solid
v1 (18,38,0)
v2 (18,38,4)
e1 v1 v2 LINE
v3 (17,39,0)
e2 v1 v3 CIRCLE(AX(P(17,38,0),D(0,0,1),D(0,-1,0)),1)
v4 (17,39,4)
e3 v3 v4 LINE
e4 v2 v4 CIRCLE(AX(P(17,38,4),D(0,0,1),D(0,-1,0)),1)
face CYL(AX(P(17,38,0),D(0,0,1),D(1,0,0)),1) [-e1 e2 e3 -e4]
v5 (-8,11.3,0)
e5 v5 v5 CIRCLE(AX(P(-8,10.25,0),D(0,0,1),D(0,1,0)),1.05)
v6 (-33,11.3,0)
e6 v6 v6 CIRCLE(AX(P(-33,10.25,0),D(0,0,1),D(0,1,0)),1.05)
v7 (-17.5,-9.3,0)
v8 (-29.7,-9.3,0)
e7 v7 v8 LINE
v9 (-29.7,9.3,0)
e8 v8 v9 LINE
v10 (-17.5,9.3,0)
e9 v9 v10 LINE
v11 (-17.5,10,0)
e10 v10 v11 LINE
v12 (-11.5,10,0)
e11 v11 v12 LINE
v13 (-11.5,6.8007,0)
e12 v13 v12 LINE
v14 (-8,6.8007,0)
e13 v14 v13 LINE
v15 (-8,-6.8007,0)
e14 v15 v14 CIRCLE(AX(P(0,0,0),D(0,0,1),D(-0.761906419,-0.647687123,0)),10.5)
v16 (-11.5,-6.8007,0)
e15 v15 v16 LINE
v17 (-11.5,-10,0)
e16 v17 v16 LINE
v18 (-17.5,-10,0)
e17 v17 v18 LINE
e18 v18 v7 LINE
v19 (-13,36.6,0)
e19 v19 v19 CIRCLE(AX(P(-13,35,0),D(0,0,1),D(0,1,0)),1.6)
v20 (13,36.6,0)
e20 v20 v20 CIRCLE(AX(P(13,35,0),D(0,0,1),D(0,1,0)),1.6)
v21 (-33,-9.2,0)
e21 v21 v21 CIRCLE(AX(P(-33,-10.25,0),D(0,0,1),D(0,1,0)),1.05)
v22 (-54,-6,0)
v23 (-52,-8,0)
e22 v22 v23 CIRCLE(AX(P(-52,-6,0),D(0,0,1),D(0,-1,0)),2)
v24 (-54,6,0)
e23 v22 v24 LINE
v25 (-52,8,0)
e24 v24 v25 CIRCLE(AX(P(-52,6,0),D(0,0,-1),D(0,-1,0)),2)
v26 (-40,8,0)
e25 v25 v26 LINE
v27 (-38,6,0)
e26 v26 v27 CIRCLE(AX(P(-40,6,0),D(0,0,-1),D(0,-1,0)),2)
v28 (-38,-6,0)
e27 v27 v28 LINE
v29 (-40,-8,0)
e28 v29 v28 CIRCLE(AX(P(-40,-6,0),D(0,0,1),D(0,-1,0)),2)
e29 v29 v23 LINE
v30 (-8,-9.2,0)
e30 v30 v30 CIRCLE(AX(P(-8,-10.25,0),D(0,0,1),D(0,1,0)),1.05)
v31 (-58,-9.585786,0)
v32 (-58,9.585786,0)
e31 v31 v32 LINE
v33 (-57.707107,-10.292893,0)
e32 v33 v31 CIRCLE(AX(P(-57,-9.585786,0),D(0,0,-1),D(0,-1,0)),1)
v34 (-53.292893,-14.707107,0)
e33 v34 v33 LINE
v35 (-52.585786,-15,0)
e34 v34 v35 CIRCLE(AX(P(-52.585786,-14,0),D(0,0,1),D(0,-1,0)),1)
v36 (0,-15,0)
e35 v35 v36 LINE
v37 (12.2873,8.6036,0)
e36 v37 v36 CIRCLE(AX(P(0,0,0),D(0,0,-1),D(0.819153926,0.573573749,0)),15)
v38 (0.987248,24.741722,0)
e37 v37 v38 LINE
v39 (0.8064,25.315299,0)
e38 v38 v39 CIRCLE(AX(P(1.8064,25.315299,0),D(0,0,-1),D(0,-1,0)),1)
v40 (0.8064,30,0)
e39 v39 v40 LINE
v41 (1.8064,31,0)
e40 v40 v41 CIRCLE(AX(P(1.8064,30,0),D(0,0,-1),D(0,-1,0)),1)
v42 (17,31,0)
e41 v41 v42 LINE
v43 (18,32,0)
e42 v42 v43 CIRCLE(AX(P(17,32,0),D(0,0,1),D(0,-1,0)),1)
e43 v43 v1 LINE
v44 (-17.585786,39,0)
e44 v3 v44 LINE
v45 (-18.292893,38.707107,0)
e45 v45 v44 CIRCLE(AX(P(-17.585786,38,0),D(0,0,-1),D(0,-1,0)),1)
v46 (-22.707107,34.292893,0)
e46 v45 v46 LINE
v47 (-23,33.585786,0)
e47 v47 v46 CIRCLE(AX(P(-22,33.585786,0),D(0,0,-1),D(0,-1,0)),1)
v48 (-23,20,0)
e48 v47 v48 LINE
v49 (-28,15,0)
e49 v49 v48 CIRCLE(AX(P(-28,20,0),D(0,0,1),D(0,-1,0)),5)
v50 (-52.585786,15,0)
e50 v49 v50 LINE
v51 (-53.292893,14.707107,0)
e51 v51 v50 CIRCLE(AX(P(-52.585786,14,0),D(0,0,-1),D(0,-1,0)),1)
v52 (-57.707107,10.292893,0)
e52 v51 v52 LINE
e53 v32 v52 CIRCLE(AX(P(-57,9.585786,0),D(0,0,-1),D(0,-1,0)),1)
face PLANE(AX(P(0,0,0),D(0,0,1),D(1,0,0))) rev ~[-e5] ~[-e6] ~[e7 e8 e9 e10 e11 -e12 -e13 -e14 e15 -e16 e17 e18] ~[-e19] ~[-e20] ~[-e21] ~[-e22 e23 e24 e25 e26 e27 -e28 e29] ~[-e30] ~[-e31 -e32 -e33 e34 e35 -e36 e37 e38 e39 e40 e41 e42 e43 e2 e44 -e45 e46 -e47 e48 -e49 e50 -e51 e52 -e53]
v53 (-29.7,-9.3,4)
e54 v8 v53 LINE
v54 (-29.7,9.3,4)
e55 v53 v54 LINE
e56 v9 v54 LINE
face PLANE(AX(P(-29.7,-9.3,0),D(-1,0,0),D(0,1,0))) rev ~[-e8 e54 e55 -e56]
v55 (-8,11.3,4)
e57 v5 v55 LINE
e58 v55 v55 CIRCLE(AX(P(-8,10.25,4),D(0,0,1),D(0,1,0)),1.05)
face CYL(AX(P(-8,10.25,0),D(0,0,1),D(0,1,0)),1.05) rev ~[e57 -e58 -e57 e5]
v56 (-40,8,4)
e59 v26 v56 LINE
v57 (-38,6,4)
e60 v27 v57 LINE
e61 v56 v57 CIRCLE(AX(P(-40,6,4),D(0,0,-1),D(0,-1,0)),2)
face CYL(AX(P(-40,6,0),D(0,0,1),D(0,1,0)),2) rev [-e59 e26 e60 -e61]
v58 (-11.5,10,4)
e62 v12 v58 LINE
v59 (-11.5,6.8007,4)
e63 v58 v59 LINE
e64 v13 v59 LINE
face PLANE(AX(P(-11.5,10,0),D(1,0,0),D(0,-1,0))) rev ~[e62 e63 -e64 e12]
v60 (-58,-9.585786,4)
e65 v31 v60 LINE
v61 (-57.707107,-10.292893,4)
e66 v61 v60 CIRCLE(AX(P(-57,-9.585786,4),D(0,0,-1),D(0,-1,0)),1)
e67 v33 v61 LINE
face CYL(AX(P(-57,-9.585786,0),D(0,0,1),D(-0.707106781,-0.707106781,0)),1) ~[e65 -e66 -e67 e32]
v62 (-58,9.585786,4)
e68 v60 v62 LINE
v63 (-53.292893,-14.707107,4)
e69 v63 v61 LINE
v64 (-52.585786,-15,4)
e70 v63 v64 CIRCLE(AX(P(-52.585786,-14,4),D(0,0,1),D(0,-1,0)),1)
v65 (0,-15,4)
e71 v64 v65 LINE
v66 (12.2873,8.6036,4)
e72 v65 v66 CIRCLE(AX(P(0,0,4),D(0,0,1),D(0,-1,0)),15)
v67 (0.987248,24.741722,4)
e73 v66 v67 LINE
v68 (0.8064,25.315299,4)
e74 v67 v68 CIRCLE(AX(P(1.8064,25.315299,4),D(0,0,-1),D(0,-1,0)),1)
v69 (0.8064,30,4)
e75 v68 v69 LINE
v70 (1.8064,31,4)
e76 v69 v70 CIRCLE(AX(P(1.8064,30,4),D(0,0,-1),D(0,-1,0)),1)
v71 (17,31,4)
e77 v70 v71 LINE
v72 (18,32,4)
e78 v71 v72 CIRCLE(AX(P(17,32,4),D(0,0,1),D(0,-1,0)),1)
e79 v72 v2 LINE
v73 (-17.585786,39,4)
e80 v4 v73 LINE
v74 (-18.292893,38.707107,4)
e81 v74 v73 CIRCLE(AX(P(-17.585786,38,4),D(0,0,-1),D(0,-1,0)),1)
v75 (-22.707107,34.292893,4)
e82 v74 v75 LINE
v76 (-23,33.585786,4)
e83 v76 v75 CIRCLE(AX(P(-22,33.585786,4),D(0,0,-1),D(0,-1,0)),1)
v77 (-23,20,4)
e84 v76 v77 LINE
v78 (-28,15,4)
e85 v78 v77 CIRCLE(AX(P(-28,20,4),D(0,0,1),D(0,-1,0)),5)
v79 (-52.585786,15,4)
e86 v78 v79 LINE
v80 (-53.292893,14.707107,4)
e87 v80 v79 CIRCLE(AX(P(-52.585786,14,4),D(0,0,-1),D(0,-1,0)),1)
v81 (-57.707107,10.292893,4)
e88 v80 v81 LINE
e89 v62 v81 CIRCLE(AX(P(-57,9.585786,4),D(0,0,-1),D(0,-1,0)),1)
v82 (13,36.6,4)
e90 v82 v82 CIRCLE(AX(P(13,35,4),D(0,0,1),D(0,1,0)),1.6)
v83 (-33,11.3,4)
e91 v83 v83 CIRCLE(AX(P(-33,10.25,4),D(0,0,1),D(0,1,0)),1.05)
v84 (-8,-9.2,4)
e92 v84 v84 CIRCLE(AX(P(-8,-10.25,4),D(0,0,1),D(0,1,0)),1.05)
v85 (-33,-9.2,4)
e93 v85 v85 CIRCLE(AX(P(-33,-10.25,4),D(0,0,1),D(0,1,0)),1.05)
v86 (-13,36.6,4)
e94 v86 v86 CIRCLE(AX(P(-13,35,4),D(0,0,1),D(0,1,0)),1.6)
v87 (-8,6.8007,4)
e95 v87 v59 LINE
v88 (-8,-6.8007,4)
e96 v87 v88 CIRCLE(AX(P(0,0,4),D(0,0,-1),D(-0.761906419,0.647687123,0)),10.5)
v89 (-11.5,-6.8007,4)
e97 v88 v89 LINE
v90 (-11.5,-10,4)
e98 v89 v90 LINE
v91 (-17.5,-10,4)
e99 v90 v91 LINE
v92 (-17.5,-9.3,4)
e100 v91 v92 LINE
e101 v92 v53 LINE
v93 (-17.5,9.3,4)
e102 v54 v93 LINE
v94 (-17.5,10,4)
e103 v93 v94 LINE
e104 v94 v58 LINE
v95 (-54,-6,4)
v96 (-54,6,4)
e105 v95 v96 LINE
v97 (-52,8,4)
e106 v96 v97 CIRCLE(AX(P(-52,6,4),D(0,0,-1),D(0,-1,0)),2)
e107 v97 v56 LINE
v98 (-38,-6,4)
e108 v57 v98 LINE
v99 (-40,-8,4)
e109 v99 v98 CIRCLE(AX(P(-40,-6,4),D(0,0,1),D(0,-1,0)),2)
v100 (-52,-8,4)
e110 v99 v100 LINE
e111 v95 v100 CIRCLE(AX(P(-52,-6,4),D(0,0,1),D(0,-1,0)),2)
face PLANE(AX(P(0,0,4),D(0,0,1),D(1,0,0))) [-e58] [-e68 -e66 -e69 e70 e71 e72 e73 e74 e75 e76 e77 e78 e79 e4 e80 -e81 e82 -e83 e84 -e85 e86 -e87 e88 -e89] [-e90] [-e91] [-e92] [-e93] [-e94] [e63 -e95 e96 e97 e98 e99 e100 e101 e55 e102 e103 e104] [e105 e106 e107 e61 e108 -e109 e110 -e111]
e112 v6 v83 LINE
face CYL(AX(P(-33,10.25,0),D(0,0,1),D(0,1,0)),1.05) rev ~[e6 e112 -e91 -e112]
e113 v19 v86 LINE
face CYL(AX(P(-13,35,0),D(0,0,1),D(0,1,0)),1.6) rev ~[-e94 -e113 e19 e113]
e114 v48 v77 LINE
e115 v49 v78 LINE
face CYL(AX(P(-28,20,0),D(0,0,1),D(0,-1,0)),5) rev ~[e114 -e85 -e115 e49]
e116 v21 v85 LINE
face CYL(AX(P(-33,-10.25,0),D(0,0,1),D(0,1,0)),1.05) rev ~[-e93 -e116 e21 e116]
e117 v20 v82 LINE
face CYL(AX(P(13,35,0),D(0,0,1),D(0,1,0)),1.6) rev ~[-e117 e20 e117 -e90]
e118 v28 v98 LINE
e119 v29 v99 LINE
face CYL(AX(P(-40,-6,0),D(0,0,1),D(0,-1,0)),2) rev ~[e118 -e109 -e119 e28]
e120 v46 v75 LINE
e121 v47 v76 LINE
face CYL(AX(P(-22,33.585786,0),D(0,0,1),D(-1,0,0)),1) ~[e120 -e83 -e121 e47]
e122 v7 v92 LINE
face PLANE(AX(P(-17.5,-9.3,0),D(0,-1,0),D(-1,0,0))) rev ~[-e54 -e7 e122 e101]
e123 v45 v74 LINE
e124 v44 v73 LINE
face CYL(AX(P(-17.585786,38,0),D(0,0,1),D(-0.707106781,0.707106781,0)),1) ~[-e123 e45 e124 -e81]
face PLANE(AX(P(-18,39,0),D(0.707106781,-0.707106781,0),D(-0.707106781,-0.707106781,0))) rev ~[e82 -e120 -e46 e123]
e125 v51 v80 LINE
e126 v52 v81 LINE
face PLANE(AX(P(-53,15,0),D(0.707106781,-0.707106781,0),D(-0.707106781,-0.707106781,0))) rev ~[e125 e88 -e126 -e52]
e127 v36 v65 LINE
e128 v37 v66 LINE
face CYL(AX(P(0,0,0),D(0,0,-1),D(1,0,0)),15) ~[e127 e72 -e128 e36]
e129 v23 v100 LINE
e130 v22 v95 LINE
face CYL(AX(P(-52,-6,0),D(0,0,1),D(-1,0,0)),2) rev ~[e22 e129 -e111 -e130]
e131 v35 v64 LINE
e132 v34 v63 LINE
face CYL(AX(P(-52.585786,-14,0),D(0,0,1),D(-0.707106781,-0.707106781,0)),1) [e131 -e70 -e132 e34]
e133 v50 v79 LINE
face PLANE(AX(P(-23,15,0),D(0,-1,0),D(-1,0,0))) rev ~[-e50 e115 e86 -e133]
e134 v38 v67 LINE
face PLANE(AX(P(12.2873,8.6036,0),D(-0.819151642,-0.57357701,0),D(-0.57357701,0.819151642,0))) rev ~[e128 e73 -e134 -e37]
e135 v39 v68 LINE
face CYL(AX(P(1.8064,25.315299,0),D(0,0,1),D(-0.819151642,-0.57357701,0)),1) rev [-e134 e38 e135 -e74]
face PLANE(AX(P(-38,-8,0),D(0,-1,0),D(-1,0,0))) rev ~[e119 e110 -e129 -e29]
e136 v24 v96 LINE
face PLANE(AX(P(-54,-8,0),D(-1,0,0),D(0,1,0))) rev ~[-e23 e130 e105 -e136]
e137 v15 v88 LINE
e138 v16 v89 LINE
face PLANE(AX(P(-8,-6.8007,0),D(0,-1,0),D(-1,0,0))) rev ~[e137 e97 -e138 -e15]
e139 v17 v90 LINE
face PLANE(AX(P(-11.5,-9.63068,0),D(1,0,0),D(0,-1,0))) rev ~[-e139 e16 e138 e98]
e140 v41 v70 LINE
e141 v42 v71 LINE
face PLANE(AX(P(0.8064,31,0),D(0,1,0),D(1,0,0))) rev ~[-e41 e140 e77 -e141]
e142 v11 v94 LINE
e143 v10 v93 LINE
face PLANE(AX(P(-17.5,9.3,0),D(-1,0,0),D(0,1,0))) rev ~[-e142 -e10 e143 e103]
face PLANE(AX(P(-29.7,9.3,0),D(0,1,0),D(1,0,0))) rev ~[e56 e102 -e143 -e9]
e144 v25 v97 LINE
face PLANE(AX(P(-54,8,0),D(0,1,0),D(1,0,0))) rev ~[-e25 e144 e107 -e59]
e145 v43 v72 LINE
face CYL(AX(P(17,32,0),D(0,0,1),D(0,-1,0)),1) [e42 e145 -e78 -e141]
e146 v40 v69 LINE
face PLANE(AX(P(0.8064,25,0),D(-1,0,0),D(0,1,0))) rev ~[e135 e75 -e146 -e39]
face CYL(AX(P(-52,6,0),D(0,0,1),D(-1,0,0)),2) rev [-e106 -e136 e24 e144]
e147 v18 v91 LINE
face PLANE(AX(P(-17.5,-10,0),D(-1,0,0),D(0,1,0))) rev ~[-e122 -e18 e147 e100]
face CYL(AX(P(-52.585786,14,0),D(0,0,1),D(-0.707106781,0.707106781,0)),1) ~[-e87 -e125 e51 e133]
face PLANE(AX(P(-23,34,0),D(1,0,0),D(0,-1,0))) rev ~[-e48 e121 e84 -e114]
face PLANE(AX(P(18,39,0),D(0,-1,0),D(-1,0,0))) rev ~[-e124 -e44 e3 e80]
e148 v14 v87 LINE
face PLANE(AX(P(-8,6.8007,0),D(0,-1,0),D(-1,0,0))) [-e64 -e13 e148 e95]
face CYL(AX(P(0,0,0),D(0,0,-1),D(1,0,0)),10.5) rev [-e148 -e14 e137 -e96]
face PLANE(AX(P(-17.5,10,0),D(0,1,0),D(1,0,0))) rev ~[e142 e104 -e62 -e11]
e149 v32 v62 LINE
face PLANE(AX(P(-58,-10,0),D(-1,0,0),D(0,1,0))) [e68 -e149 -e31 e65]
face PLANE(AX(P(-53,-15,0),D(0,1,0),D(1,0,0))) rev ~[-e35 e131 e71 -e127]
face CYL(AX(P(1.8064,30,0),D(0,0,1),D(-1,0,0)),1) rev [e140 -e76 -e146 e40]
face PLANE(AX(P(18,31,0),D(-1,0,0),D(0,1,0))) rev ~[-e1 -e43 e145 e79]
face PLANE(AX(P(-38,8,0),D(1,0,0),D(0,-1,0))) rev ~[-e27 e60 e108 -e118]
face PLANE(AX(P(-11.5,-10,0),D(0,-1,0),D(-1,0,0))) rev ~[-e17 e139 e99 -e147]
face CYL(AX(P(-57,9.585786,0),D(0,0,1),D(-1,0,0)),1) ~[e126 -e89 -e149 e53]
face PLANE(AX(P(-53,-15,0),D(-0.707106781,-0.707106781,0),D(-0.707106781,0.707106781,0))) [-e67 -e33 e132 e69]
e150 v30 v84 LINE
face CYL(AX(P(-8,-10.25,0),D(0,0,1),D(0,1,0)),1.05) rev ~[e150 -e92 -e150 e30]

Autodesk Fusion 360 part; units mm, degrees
sketch "スケッチ1" plane through (0, 0, 0) normal (0, 0, 1) x (1, 0, 0)
  line L0 (-53, -15) -> (0, -15)
  circle A0 centre (0, 0) radius 15
  line L1 (12.2873, 8.6036) -> (0.8064, 25)
  circle A1 centre (0, 0) radius 10.5
  line L2 (-33, 10.25) -> (-8, 10.25)
  line L3 (-8, 10.25) -> (-8, -10.25)
  line L4 (-8, -10.25) -> (-33, -10.25)
  line L5 (-33, -10.25) -> (-33, 10.25)
  line L6 (-13, 35) -> (13, 35)
  line L7 (-53, -15) -> (-58, -10)
  line L8 (-58, -10) -> (-58, 10)
  line L9 (-54, 8) -> (-38, 8)
  line L10 (-38, 8) -> (-38, -8)
  line L11 (-38, -8) -> (-54, -8)
  line L12 (-54, -8) -> (-54, 8)
  line L13 (-23, 15) -> (-53, 15)
  line L14 (-53, 15) -> (-58, 10)
  line L15 (-11.5, 10) -> (-11.5, -10)
  line L16 (-11.5, -10) -> (-17.5, -10)
  line L17 (-17.5, -10) -> (-17.5, -9.3)
  line L18 (-17.5, -9.3) -> (-29.7, -9.3)
  line L19 (-29.7, -9.3) -> (-29.7, 9.3)
  line L20 (-29.7, 9.3) -> (-17.5, 9.3)
  line L21 (-17.5, 9.3) -> (-17.5, 10)
  line L22 (-17.5, 10) -> (-11.5, 10)
  line L23 (-8, 6.8007) -> (-11.5, 6.8007)
  line L24 (-8, -6.8007) -> (-11.5, -6.8007)
  line L25 (0.8064, 25) -> (0.8064, 31)
  line L26 (0.8064, 31) -> (18, 31)
  line L27 (18, 31) -> (18, 39)
  line L28 (18, 39) -> (-18, 39)
  line L29 (-18, 39) -> (-23, 34)
  line L30 (-23, 34) -> (-23, 15)
  point P0 (-8, 0)
  point P1 (-11.5, 0)
  point P2 (-29.7, 0)
  point P3 (18, 35)
  dimension "d1" = 30
  dimension "d2" = 55
  dimension "d3" = 53
  dimension "d6" = 21
  dimension "d7" = 8
  dimension "d8" = 25
  dimension "d9" = 20.5
  dimension "d28" = 26
  dimension "d35" = 5
  dimension "d36" = 5
  dimension "d42" = 16
  dimension "d43" = 4
  dimension "d45" = 2
  dimension "d55" = 2
  dimension "d57" = 12.2
  dimension "d58" = 18.6
  dimension "d59" = 20
  dimension "d60" = 11.5
  dimension "d61" = 6
  dimension "d64" = 25
  dimension "d65" = 6
  dimension "d66" = 8
  dimension "d67" = 18
  dimension "d68" = 5
  dimension "d69" = 16
  dimension "d71" = 5
  dimension "d72" = 5
  dimension "d74" = 5
  dimension "d75" = 5
  dimension "d76" = 5
extrude "押し出し1" add sketch "スケッチ1" along normal blind 4 contours L0 A0 L1 L2 L4 L5 L7 L8 L13 L14 L25 L26 L27 L28 L29 L30 | A0 A1 L2 L3 L4 | A0 L2 L4 L5 L15 L16 L17 L18 L19 L20 L21 L22 | A0 L3 L4 L15 L24 | A0 L2 L3 L15 L23
hole "穴1" at (-8, 10.25, 0) at (-8, -10.25, 0) at (-33, -10.25, 0) at (-33, 10.25, 0) direction (0, 0, 1) diameter 2.1 depth 10 tip angle 118
hole "穴3" at (-13, 35, 0) at (13, 35, 0) direction (0, 0, 1) diameter 3.2 depth 10 tip angle 118
fillet "フィレット3" radius 2 4 edges at (-54, 8, 2) (-54, -8, 2) (-38, -8, 2) (-38, 8, 2)
fillet "フィレット4" radius 1 10 edges at (-53, -15, 2) (-58, -10, 2) (-58, 10, 2) (-53, 15, 2) (-23, 34, 2) (-18, 39, 2) (18, 39, 2) (18, 31, 2) (0.8064, 25, 2) (0.8064, 31, 2)
fillet "フィレット5" radius 5 1 edges at (-23, 15, 2)
